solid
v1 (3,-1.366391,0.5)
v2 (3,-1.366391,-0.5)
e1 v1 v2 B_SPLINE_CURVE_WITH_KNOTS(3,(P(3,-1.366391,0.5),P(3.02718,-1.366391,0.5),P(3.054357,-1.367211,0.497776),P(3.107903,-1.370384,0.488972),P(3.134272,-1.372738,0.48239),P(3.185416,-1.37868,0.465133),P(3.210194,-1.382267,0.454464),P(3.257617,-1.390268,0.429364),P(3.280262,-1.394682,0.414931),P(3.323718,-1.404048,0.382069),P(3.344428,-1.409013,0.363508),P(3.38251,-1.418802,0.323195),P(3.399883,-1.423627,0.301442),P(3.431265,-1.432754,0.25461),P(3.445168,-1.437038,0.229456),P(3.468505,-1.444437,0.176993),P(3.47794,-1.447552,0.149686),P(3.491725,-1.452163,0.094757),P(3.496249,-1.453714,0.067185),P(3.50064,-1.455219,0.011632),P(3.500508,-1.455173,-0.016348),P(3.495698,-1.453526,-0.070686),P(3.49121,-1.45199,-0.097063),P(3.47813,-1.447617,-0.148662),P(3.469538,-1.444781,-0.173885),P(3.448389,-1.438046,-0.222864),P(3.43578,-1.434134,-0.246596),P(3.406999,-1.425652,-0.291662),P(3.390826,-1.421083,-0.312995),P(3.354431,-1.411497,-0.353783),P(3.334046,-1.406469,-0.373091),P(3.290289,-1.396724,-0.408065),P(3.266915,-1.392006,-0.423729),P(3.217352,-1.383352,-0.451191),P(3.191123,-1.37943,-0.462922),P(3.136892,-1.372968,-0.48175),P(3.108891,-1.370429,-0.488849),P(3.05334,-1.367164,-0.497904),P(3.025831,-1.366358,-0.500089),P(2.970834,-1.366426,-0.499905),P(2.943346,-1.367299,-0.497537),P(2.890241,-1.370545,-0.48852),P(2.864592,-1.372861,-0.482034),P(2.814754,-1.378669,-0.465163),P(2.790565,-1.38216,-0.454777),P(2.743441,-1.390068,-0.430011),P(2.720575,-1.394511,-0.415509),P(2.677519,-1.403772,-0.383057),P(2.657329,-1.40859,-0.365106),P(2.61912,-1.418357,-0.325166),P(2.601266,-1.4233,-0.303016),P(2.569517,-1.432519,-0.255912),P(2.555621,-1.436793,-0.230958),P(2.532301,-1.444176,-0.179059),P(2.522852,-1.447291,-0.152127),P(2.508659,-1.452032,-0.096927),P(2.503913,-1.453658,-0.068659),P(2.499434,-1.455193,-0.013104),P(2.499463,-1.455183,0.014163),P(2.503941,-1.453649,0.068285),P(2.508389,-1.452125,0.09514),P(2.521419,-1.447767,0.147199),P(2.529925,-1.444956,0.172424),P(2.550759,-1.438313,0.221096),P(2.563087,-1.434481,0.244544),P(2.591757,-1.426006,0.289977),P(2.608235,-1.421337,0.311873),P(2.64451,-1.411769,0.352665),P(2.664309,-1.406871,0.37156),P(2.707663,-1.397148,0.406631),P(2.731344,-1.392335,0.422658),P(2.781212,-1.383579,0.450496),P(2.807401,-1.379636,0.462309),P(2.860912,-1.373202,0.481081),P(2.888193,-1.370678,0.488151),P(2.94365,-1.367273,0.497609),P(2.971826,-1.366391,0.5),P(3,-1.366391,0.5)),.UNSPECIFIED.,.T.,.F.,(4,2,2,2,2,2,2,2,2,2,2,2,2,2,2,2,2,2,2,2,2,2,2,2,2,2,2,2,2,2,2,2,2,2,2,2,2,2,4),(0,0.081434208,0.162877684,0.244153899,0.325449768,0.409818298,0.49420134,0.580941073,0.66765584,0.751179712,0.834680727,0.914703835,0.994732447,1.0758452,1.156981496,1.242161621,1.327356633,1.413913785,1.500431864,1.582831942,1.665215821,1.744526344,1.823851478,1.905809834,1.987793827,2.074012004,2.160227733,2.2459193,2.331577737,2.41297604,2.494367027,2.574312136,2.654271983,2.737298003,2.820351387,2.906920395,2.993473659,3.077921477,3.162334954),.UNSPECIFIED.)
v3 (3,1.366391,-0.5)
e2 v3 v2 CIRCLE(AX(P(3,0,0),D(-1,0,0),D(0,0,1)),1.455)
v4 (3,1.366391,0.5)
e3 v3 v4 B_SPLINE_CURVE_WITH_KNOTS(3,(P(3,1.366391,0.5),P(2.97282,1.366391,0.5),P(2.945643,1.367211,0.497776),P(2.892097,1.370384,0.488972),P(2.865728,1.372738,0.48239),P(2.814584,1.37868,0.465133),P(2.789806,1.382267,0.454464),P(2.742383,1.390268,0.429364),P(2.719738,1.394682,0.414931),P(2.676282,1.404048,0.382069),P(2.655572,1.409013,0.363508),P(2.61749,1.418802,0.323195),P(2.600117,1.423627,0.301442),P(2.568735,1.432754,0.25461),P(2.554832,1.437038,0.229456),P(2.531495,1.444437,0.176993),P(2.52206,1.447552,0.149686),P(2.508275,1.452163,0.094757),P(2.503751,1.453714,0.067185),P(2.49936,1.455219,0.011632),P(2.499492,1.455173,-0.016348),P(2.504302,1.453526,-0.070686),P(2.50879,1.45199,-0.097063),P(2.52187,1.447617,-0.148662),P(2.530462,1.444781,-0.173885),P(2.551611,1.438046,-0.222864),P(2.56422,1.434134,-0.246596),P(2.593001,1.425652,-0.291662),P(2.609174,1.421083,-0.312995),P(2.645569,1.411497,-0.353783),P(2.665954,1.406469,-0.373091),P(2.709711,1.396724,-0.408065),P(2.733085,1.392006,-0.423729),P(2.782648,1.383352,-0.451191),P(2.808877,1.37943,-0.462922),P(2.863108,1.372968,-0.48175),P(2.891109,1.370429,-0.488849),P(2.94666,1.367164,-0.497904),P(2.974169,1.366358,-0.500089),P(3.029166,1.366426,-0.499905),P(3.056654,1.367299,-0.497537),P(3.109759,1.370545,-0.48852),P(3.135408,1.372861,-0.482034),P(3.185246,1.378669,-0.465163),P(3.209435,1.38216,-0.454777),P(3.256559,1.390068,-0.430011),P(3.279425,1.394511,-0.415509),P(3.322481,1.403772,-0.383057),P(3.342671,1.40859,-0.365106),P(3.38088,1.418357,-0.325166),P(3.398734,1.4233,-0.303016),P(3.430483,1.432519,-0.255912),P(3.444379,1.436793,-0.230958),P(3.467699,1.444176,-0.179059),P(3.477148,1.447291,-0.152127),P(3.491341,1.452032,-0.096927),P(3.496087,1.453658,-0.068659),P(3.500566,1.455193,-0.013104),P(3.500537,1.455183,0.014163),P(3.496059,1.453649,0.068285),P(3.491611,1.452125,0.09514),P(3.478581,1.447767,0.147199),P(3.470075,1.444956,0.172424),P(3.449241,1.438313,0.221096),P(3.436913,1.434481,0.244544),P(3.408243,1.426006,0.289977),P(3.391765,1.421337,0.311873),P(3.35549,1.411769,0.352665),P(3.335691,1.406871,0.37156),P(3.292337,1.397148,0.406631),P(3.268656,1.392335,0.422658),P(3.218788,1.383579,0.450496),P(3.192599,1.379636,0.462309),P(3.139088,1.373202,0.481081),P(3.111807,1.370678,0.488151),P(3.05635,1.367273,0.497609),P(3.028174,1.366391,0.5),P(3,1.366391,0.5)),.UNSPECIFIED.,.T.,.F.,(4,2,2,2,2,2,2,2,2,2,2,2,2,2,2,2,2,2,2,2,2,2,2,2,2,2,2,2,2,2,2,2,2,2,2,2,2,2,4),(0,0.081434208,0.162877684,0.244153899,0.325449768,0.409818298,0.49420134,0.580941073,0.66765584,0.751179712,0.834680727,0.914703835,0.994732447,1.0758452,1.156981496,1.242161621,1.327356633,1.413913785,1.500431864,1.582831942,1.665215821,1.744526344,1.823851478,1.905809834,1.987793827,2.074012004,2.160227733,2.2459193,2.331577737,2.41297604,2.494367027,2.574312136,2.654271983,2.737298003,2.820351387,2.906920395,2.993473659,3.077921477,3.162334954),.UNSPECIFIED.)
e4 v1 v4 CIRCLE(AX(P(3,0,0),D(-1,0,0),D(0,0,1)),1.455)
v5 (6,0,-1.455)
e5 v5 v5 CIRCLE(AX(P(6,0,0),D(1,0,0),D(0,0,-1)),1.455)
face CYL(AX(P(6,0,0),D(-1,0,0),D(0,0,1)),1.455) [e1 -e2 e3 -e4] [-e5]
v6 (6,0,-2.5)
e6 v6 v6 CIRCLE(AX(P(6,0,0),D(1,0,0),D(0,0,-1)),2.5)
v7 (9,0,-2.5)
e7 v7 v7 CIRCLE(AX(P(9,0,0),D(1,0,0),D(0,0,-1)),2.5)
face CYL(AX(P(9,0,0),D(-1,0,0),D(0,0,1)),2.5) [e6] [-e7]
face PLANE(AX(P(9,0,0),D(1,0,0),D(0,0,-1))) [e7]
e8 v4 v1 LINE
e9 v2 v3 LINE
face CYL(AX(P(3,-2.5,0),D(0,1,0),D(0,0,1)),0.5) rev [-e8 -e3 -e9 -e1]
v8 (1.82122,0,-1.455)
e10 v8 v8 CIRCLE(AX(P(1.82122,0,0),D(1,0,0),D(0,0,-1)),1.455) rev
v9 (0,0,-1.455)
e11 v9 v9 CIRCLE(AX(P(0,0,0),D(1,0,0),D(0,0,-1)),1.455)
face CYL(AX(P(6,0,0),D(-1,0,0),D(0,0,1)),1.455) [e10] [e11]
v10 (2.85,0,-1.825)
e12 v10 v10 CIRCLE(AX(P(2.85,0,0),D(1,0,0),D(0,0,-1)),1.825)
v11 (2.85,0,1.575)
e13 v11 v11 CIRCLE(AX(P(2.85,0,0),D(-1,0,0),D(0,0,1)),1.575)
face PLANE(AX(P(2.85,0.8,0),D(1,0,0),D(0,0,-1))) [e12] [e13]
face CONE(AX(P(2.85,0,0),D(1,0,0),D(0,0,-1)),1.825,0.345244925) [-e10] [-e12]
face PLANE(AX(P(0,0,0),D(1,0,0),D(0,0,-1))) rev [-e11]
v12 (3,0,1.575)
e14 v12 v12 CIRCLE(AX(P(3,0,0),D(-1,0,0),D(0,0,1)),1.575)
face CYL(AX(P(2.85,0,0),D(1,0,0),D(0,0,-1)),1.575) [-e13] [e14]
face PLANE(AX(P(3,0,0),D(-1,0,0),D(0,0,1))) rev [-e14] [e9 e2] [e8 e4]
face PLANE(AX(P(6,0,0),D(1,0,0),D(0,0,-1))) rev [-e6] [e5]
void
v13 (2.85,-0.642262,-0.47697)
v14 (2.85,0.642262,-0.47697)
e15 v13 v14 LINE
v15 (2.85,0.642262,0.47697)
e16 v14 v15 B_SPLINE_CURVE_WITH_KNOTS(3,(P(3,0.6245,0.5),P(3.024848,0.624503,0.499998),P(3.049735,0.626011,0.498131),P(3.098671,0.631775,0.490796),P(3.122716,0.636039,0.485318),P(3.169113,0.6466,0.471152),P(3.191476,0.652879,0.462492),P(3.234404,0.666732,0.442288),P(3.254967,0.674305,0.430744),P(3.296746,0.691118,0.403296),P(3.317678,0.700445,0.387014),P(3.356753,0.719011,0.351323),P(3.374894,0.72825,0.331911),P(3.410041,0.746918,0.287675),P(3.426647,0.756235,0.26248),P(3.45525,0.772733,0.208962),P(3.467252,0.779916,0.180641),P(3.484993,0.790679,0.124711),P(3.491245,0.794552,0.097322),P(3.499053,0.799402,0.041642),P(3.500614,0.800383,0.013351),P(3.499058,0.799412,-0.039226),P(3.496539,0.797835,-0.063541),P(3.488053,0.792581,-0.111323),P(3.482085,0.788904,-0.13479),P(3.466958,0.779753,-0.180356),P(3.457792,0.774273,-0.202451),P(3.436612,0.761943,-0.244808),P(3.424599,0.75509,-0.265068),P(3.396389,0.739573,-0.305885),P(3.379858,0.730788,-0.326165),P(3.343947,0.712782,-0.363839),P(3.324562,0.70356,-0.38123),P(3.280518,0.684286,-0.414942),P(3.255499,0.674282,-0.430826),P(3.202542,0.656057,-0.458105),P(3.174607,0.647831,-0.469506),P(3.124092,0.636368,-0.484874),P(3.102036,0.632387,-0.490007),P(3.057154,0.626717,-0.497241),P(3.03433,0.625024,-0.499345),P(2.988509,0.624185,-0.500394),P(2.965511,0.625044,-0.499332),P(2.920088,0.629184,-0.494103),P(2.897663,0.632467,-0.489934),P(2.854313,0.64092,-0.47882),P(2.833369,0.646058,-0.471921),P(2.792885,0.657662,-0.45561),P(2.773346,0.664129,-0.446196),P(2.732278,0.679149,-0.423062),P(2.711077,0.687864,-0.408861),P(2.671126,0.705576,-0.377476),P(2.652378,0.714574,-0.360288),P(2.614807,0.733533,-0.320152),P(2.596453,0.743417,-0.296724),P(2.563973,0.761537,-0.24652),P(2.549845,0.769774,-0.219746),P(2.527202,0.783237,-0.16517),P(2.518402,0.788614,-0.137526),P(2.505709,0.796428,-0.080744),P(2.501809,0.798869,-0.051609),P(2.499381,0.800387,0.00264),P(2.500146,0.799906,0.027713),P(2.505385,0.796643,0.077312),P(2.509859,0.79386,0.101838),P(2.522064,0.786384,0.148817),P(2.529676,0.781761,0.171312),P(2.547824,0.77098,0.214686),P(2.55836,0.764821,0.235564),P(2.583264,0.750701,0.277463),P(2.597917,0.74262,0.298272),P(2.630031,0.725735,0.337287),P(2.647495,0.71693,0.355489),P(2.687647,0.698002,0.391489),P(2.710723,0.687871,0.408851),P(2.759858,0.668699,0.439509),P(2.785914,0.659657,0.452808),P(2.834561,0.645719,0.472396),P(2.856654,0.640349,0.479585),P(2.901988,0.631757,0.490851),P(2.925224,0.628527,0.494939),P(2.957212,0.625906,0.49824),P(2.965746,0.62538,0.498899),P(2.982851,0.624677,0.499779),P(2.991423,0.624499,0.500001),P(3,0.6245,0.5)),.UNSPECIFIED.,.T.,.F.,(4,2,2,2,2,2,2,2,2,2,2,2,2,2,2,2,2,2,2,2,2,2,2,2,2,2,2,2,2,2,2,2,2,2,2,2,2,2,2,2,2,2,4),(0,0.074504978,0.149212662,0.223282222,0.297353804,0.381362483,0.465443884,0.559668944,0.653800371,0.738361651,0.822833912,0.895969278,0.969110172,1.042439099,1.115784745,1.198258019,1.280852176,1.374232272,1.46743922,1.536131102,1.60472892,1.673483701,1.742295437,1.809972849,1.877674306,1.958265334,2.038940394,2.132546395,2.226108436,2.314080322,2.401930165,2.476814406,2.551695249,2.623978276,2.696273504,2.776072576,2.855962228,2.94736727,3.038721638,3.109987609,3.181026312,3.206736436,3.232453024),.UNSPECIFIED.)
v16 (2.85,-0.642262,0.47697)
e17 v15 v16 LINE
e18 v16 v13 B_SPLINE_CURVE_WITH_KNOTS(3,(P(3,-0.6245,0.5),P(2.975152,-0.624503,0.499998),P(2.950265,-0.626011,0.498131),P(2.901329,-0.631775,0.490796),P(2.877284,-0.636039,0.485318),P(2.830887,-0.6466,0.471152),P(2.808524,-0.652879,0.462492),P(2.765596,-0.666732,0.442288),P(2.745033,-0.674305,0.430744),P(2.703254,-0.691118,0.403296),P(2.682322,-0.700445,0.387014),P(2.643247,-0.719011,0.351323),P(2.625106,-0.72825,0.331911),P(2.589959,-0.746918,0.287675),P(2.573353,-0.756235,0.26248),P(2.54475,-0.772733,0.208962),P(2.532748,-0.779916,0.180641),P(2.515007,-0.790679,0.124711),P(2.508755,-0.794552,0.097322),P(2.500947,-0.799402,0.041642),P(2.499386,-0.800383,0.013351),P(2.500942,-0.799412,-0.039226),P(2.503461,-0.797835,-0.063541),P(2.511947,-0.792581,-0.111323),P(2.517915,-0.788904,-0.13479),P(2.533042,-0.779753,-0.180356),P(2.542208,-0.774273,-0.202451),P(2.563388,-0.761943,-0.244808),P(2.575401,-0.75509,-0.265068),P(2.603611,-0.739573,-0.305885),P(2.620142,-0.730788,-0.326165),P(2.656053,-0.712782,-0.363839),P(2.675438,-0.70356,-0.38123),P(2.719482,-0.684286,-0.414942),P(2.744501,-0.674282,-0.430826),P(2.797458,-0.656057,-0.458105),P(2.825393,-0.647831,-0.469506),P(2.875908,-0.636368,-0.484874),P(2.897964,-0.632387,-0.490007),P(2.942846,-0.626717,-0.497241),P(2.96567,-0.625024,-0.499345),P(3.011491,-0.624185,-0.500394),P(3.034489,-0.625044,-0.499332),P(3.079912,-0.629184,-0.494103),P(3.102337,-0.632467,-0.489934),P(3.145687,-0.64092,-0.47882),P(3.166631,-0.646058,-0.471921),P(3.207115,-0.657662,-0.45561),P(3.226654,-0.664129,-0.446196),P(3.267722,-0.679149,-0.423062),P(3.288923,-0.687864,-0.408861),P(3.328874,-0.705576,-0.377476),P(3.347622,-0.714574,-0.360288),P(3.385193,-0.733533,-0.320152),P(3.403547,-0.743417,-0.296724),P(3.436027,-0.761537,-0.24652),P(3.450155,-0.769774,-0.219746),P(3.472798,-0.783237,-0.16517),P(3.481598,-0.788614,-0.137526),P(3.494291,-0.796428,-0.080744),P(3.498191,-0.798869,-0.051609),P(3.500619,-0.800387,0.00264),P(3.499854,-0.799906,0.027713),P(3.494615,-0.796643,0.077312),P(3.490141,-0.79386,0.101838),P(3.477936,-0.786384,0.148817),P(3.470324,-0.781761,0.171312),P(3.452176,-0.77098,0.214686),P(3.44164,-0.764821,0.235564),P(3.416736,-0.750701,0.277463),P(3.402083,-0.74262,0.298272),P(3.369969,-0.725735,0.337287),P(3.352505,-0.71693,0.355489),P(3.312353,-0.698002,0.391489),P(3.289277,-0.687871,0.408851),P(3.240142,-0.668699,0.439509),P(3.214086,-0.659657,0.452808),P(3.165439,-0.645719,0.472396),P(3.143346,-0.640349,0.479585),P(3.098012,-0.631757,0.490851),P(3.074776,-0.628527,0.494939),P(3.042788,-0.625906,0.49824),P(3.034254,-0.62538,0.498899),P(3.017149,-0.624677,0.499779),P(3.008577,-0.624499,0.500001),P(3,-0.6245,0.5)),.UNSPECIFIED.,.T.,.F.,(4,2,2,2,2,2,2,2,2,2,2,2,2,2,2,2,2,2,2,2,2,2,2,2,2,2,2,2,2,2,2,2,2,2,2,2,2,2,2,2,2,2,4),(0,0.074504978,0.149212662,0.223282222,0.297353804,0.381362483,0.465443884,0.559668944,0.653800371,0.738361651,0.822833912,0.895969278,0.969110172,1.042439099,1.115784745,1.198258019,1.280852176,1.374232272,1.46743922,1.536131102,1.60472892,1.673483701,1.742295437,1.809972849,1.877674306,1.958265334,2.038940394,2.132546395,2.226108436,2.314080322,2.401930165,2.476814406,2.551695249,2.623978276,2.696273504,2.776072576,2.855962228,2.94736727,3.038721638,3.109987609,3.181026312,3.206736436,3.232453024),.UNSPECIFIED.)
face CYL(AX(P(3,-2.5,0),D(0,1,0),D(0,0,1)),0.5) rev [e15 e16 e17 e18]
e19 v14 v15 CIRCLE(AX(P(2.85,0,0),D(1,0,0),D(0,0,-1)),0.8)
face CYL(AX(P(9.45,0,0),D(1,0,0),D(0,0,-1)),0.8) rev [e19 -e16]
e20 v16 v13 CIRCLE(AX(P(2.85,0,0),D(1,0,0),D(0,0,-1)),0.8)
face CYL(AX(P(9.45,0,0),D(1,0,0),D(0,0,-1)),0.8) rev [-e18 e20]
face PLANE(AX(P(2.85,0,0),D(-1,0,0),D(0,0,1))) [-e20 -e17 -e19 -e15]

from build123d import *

# Parameters (mm, degrees)
SKETCH2_R               = 1.455
BOSS_EXTRUDE3_DEPTH     = 6
SKETCH3_R               = 2.5
BOSS_EXTRUDE4_DEPTH     = 3
CUT_EXTRUDE1_DEPTH      = 10.669539803
CUT_EXTRUDE1_DEPTH_BACK = 10.669539803
SKETCH4_R               = 0.5
SKETCH6_R               = 1.575
BOSS_EXTRUDE5_DEPTH     = 0.15


with BuildPart() as part:
    # Sketch2 → Boss-Extrude3 (new body)
    with BuildSketch(Plane(origin=(0, 0, 0), x_dir=(0, 0, -1), z_dir=(1, 0, 0))):
        Circle(SKETCH2_R)
    extrude(amount=BOSS_EXTRUDE3_DEPTH)

    # Sketch3 → Boss-Extrude4 (add)
    with BuildSketch(Plane(origin=(6, 0, 0), x_dir=(0, 0, -1), z_dir=(1, 0, 0))):
        Circle(SKETCH3_R)
    extrude(amount=BOSS_EXTRUDE4_DEPTH)

    # Sketch4 → Cut-Extrude1 (cut, two sides: drawn at the far end of the back side and taken through both)
    with BuildSketch(Plane(origin=(0, 0, 0), x_dir=(1, 0, 0), z_dir=(0, 1, 0)).offset(-CUT_EXTRUDE1_DEPTH_BACK)):
        with Locations(Location((3, 0, 0), (0, 0, 270))):
            Circle(SKETCH4_R)
    extrude(amount=CUT_EXTRUDE1_DEPTH + CUT_EXTRUDE1_DEPTH_BACK, mode=Mode.SUBTRACT)

    # Sketch6 → Boss-Extrude5 (add)
    with BuildSketch(Plane.ZY.offset(-3)):
        Circle(SKETCH6_R)
    extrude(amount=BOSS_EXTRUDE5_DEPTH)

    # Sketch7 → Revolve1 (revolve)
    with BuildSketch(Plane.XY, mode=Mode.PRIVATE) as revolve1_sk:
        Polygon((2.85, 1.825), (0, 0.8), (2.85, 0.8), align=None)
    revolve(revolve1_sk.sketch.rotate(Axis((9.45, 0, 0), (-1, 0, 0)), 90), axis=Axis((9.45, 0, 0), (-1, 0, 0)))


solid = part.part
